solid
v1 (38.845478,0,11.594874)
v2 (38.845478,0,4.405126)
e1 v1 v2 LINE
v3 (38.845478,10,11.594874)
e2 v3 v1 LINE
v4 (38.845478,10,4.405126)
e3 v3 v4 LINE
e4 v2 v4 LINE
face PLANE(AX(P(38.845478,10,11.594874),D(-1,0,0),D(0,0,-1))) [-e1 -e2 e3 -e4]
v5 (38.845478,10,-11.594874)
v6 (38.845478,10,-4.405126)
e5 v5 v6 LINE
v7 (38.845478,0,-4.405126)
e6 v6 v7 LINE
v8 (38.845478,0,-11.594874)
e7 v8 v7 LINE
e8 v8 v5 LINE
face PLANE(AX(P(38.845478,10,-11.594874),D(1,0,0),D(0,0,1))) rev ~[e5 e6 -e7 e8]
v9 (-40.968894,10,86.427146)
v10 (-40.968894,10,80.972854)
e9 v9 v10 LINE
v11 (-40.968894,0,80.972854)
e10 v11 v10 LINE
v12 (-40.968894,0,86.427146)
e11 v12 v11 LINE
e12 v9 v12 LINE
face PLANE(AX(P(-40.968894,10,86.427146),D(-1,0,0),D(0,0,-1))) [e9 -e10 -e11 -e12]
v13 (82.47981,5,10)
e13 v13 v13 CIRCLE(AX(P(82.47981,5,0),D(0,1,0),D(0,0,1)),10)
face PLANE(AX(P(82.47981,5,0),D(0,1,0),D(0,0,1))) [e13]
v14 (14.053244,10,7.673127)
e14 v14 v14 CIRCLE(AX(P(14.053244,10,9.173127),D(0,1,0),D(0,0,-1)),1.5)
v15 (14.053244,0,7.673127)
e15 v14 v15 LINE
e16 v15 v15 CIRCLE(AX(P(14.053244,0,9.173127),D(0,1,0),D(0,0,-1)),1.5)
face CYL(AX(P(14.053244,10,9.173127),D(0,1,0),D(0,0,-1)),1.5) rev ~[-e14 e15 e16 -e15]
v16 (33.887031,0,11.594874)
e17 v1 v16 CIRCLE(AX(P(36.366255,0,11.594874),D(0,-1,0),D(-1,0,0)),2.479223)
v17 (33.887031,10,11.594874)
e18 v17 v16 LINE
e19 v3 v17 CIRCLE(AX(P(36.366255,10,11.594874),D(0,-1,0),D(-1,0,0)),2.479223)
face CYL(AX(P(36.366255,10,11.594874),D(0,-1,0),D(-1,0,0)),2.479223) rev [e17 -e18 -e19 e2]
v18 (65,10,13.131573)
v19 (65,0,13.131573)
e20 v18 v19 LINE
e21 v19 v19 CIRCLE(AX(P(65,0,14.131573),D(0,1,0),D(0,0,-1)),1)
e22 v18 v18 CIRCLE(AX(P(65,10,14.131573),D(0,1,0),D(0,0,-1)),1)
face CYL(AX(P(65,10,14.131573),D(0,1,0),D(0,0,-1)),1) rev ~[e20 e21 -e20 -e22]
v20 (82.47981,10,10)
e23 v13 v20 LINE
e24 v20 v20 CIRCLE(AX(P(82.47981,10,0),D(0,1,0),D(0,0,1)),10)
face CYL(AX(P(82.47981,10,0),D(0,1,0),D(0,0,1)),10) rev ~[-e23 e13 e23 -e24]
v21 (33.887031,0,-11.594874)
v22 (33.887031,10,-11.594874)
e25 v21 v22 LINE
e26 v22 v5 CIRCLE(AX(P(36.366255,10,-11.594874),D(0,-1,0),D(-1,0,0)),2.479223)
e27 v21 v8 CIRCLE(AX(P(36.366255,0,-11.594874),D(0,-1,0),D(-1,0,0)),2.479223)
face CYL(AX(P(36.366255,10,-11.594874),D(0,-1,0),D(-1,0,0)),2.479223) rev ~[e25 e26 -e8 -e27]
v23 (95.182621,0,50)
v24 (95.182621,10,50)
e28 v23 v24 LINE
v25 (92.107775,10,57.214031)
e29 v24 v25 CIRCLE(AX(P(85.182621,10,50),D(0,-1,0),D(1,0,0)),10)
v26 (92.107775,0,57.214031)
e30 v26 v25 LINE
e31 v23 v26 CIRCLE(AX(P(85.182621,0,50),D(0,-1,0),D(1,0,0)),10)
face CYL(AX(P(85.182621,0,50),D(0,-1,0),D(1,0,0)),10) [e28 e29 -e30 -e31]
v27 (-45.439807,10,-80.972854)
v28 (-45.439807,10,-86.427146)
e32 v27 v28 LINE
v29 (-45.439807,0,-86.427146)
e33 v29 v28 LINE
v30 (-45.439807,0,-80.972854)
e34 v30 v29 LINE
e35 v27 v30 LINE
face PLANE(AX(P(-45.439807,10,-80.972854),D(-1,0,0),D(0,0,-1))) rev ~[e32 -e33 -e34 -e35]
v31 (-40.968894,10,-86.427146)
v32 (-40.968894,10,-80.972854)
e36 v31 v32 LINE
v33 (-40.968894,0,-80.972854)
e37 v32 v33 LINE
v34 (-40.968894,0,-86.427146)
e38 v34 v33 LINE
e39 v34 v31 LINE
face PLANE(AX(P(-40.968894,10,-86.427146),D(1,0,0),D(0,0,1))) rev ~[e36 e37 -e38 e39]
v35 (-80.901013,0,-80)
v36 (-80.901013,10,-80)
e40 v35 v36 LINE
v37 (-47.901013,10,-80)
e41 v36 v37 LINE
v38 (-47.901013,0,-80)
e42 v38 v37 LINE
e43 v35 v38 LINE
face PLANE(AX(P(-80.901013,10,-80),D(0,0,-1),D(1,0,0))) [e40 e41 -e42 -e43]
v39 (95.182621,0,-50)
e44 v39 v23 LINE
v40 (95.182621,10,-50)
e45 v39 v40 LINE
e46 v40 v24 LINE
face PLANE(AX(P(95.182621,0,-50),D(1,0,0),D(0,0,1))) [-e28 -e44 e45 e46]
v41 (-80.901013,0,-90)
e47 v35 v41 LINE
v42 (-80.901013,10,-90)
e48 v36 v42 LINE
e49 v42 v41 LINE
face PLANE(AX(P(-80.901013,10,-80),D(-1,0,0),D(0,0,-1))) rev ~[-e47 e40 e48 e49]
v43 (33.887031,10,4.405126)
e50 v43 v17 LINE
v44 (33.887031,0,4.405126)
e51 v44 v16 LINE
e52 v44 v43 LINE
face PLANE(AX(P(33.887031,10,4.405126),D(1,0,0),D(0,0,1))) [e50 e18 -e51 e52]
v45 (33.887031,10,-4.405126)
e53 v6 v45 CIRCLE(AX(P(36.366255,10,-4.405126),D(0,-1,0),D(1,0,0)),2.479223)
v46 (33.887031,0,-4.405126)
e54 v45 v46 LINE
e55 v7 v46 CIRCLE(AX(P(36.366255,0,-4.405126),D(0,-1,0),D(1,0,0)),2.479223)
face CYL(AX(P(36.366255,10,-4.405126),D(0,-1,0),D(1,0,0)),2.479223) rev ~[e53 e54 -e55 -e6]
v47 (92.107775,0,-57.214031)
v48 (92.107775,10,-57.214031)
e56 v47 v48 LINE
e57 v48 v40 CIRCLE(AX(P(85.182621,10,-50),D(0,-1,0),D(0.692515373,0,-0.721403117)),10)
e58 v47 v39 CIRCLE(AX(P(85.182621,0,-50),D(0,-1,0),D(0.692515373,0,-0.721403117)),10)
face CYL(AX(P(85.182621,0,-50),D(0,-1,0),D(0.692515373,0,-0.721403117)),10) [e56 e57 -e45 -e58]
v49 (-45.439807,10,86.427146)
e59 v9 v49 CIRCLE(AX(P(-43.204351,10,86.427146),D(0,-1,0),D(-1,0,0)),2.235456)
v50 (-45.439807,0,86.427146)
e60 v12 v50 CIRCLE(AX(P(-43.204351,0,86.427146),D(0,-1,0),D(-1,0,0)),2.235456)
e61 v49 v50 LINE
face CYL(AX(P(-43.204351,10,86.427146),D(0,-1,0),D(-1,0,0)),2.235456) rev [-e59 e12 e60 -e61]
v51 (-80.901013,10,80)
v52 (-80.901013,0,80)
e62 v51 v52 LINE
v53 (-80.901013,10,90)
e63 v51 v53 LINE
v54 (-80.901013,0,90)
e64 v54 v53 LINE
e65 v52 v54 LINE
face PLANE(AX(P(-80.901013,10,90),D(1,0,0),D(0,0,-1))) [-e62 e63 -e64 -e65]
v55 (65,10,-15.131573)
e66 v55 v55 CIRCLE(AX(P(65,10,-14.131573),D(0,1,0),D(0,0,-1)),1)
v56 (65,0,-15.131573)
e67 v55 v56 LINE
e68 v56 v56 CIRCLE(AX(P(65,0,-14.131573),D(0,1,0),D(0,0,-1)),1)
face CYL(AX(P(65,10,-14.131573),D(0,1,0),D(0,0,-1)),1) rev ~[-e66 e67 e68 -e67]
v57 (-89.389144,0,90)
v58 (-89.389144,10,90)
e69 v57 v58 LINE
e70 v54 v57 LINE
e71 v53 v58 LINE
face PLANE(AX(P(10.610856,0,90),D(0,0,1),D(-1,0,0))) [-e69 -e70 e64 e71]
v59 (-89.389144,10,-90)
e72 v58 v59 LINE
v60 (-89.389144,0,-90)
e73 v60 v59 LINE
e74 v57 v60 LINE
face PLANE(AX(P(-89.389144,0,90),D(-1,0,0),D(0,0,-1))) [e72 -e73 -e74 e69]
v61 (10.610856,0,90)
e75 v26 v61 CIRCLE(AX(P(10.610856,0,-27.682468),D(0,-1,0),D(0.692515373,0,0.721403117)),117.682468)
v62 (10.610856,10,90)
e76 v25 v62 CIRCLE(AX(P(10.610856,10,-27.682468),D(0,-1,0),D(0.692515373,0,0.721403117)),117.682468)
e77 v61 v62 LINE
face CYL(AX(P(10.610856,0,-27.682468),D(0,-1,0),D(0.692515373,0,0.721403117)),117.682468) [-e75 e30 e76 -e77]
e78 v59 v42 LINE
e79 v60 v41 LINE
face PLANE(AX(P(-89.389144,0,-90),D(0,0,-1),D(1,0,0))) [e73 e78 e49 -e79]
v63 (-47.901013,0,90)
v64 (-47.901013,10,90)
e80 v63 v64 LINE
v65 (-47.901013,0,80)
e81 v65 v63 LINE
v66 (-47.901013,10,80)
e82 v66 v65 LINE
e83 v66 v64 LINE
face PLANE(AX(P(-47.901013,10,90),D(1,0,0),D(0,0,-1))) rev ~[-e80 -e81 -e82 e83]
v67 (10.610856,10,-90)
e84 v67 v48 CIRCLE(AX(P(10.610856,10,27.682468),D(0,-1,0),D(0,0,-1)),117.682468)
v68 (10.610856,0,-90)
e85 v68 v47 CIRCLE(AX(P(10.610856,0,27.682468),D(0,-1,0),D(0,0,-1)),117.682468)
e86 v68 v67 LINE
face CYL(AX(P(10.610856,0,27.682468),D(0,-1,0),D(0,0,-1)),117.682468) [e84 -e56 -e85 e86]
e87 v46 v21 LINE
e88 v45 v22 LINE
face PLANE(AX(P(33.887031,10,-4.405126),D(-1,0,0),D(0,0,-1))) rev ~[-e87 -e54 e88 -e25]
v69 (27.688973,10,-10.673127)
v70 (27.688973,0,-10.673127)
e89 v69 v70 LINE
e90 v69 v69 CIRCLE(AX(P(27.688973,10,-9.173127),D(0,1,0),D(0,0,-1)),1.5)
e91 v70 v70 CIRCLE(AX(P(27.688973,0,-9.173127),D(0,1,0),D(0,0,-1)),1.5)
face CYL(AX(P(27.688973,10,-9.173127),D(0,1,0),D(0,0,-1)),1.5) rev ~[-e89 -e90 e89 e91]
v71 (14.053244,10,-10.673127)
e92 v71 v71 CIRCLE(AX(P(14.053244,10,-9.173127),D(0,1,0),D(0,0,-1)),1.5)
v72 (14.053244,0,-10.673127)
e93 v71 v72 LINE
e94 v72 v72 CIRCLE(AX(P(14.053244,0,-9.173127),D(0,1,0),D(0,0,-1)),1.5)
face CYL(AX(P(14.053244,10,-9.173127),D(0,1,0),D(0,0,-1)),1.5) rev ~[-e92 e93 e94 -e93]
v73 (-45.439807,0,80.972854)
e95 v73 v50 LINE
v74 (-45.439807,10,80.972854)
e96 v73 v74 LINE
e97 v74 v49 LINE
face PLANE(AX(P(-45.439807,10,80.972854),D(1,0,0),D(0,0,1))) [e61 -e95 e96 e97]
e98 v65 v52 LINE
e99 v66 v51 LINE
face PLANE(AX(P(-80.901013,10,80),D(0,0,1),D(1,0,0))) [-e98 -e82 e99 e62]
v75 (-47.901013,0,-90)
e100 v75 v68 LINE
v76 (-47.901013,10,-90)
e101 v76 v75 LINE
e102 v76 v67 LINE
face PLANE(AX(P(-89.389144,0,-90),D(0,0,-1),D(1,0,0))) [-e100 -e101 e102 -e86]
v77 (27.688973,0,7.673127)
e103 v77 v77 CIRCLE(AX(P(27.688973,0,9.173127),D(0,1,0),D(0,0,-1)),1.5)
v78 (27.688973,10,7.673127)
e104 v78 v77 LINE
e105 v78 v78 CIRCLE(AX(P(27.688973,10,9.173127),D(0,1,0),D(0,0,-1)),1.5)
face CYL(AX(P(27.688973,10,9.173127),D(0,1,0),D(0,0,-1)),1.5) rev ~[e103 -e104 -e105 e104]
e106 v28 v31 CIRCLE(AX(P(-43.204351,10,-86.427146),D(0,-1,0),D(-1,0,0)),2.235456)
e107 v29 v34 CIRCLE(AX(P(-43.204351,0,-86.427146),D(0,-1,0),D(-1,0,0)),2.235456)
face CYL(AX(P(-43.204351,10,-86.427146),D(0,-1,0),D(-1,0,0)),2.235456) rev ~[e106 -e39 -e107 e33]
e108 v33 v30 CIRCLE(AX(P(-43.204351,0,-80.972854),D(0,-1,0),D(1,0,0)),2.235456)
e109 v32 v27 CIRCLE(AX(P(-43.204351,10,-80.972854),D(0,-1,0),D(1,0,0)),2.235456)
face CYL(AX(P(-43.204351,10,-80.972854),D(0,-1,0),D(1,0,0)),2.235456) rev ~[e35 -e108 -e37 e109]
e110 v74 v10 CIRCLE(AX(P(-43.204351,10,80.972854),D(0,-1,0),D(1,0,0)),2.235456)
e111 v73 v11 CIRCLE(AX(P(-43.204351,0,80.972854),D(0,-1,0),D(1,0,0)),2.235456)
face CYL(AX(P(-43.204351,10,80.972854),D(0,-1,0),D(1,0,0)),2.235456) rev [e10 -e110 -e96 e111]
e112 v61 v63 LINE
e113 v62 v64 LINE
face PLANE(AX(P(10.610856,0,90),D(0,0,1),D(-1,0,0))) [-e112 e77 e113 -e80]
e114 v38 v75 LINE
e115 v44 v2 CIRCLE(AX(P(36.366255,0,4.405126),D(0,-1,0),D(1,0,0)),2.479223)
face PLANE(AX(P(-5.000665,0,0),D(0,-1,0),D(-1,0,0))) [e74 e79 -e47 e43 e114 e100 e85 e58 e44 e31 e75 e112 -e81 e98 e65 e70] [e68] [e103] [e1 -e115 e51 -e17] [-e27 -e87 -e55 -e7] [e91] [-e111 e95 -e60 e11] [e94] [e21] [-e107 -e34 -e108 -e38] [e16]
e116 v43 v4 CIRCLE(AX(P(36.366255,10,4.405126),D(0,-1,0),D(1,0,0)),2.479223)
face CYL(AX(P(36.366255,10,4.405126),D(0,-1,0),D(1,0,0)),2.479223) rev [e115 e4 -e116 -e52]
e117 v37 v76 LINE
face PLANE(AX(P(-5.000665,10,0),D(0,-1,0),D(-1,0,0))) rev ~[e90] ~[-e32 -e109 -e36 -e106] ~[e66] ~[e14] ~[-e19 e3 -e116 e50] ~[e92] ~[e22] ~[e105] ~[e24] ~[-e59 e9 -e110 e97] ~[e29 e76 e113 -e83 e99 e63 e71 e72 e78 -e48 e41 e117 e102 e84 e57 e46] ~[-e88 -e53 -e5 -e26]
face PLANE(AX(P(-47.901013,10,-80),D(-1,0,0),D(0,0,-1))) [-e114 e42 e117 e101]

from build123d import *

# Parameters (mm, degrees)
BOSS_EXTRUDE1_DEPTH = 10
SKETCH2_R           = 1
SKETCH2_R_2         = 1.5
SKETCH2_W           = 33
SKETCH2_H           = 10
CUT_EXTRUDE2_DEPTH  = 15
SKETCH3_R           = 10
CUT_EXTRUDE3_DEPTH  = 5


with BuildPart() as part:
    # Sketch1 → Boss-Extrude1 (new body)
    with BuildSketch(Plane(origin=(0, 0, 0), x_dir=(1, 0, 0), z_dir=(0, 1, 0))):
        with BuildLine():
            Line((-89.389143795, -90), (-89.389143795, 90))
            Line((-89.389143795, 90), (10.610856205, 90))
            ThreePointArc((10.610856205, 90), (54.533138364, 81.496268076), (92.107774725, 57.214031174))
            ThreePointArc((92.107774725, 57.214031174), (94.381847518, 53.920998768), (95.182620993, 50))
            Line((95.182620993, 50), (95.182620993, -50))
            ThreePointArc((95.182620993, -50), (94.381847518, -53.920998768), (92.107774725, -57.214031174))
            ThreePointArc((92.107774725, -57.214031174), (54.533138364, -81.496268076), (10.610856205, -90))
            Line((10.610856205, -90), (-89.389143795, -90))
        make_face()
    extrude(amount=BOSS_EXTRUDE1_DEPTH)

    # Sketch2 → Cut-Extrude2 (cut, symmetric)
    with BuildSketch(Plane(origin=(0, 10, 0), x_dir=(1, 0, 0), z_dir=(0, 1, 0))):
        with Locations(Location((65, 14.131573434, 0), (0, 0, 90))):
            Circle(SKETCH2_R)
        with Locations(Location((27.688972694, 9.173126615, 0), (0, 0, 90))):
            Circle(SKETCH2_R_2)
        with Locations(Location((14.053243942, 9.173126615, 0), (0, 0, 90))):
            Circle(SKETCH2_R_2)
        with Locations(Location((14.053243942, -9.173126615, 0), (0, 0, 90))):
            Circle(SKETCH2_R_2)
        with Locations(Location((27.688972694, -9.173126615, 0), (0, 0, 90))):
            Circle(SKETCH2_R_2)
        with Locations(Location((65, -14.131573434, 0), (0, 0, 90))):
            Circle(SKETCH2_R)
        with BuildLine():
            Line((-40.968894473, 86.42714575), (-40.968894473, 80.97285425))
            ThreePointArc((-40.968894473, 80.97285425), (-43.204350858, 78.737397865), (-45.439807243, 80.97285425))
            Line((-45.439807243, 80.97285425), (-45.439807243, 86.42714575))
            ThreePointArc((-45.439807243, 86.42714575), (-43.204350858, 88.662602135), (-40.968894473, 86.42714575))
        make_face()
        with BuildLine():
            Line((38.845478036, 11.594873944), (38.845478036, 4.405126056))
            ThreePointArc((38.845478036, 4.405126056), (36.366254627, 1.925902647), (33.887031217, 4.405126056))
            Line((33.887031217, 4.405126056), (33.887031217, 11.594873944))
            ThreePointArc((33.887031217, 11.594873944), (36.366254627, 14.074097353), (38.845478036, 11.594873944))
        make_face()
        with Locations((-64.401012641, 85)):
            Rectangle(SKETCH2_W, SKETCH2_H)
        with BuildLine():
            Line((38.845478036, -11.594873944), (38.845478036, -4.405126056))
            ThreePointArc((38.845478036, -4.405126056), (36.366254627, -1.925902647), (33.887031217, -4.405126056))
            Line((33.887031217, -4.405126056), (33.887031217, -11.594873944))
            ThreePointArc((33.887031217, -11.594873944), (36.366254627, -14.074097353), (38.845478036, -11.594873944))
        make_face()
        with BuildLine():
            Line((-40.968894473, -86.42714575), (-40.968894473, -80.97285425))
            ThreePointArc((-40.968894473, -80.97285425), (-43.204350858, -78.737397865), (-45.439807243, -80.97285425))
            Line((-45.439807243, -80.97285425), (-45.439807243, -86.42714575))
            ThreePointArc((-45.439807243, -86.42714575), (-43.204350858, -88.662602135), (-40.968894473, -86.42714575))
        make_face()
        with Locations((-64.401012641, -85)):
            Rectangle(SKETCH2_W, SKETCH2_H)
    extrude(amount=CUT_EXTRUDE2_DEPTH, both=True, mode=Mode.SUBTRACT)

    # Sketch3 → Cut-Extrude3 (cut, symmetric)
    with BuildSketch(Plane(origin=(0, 10, 0), x_dir=(1, 0, 0), z_dir=(0, 1, 0))):
        with Locations(Location((82.479810043, 0, 0), (0, 0, 270))):
            Circle(SKETCH3_R)
    extrude(amount=CUT_EXTRUDE3_DEPTH, both=True, mode=Mode.SUBTRACT)


solid = part.part
